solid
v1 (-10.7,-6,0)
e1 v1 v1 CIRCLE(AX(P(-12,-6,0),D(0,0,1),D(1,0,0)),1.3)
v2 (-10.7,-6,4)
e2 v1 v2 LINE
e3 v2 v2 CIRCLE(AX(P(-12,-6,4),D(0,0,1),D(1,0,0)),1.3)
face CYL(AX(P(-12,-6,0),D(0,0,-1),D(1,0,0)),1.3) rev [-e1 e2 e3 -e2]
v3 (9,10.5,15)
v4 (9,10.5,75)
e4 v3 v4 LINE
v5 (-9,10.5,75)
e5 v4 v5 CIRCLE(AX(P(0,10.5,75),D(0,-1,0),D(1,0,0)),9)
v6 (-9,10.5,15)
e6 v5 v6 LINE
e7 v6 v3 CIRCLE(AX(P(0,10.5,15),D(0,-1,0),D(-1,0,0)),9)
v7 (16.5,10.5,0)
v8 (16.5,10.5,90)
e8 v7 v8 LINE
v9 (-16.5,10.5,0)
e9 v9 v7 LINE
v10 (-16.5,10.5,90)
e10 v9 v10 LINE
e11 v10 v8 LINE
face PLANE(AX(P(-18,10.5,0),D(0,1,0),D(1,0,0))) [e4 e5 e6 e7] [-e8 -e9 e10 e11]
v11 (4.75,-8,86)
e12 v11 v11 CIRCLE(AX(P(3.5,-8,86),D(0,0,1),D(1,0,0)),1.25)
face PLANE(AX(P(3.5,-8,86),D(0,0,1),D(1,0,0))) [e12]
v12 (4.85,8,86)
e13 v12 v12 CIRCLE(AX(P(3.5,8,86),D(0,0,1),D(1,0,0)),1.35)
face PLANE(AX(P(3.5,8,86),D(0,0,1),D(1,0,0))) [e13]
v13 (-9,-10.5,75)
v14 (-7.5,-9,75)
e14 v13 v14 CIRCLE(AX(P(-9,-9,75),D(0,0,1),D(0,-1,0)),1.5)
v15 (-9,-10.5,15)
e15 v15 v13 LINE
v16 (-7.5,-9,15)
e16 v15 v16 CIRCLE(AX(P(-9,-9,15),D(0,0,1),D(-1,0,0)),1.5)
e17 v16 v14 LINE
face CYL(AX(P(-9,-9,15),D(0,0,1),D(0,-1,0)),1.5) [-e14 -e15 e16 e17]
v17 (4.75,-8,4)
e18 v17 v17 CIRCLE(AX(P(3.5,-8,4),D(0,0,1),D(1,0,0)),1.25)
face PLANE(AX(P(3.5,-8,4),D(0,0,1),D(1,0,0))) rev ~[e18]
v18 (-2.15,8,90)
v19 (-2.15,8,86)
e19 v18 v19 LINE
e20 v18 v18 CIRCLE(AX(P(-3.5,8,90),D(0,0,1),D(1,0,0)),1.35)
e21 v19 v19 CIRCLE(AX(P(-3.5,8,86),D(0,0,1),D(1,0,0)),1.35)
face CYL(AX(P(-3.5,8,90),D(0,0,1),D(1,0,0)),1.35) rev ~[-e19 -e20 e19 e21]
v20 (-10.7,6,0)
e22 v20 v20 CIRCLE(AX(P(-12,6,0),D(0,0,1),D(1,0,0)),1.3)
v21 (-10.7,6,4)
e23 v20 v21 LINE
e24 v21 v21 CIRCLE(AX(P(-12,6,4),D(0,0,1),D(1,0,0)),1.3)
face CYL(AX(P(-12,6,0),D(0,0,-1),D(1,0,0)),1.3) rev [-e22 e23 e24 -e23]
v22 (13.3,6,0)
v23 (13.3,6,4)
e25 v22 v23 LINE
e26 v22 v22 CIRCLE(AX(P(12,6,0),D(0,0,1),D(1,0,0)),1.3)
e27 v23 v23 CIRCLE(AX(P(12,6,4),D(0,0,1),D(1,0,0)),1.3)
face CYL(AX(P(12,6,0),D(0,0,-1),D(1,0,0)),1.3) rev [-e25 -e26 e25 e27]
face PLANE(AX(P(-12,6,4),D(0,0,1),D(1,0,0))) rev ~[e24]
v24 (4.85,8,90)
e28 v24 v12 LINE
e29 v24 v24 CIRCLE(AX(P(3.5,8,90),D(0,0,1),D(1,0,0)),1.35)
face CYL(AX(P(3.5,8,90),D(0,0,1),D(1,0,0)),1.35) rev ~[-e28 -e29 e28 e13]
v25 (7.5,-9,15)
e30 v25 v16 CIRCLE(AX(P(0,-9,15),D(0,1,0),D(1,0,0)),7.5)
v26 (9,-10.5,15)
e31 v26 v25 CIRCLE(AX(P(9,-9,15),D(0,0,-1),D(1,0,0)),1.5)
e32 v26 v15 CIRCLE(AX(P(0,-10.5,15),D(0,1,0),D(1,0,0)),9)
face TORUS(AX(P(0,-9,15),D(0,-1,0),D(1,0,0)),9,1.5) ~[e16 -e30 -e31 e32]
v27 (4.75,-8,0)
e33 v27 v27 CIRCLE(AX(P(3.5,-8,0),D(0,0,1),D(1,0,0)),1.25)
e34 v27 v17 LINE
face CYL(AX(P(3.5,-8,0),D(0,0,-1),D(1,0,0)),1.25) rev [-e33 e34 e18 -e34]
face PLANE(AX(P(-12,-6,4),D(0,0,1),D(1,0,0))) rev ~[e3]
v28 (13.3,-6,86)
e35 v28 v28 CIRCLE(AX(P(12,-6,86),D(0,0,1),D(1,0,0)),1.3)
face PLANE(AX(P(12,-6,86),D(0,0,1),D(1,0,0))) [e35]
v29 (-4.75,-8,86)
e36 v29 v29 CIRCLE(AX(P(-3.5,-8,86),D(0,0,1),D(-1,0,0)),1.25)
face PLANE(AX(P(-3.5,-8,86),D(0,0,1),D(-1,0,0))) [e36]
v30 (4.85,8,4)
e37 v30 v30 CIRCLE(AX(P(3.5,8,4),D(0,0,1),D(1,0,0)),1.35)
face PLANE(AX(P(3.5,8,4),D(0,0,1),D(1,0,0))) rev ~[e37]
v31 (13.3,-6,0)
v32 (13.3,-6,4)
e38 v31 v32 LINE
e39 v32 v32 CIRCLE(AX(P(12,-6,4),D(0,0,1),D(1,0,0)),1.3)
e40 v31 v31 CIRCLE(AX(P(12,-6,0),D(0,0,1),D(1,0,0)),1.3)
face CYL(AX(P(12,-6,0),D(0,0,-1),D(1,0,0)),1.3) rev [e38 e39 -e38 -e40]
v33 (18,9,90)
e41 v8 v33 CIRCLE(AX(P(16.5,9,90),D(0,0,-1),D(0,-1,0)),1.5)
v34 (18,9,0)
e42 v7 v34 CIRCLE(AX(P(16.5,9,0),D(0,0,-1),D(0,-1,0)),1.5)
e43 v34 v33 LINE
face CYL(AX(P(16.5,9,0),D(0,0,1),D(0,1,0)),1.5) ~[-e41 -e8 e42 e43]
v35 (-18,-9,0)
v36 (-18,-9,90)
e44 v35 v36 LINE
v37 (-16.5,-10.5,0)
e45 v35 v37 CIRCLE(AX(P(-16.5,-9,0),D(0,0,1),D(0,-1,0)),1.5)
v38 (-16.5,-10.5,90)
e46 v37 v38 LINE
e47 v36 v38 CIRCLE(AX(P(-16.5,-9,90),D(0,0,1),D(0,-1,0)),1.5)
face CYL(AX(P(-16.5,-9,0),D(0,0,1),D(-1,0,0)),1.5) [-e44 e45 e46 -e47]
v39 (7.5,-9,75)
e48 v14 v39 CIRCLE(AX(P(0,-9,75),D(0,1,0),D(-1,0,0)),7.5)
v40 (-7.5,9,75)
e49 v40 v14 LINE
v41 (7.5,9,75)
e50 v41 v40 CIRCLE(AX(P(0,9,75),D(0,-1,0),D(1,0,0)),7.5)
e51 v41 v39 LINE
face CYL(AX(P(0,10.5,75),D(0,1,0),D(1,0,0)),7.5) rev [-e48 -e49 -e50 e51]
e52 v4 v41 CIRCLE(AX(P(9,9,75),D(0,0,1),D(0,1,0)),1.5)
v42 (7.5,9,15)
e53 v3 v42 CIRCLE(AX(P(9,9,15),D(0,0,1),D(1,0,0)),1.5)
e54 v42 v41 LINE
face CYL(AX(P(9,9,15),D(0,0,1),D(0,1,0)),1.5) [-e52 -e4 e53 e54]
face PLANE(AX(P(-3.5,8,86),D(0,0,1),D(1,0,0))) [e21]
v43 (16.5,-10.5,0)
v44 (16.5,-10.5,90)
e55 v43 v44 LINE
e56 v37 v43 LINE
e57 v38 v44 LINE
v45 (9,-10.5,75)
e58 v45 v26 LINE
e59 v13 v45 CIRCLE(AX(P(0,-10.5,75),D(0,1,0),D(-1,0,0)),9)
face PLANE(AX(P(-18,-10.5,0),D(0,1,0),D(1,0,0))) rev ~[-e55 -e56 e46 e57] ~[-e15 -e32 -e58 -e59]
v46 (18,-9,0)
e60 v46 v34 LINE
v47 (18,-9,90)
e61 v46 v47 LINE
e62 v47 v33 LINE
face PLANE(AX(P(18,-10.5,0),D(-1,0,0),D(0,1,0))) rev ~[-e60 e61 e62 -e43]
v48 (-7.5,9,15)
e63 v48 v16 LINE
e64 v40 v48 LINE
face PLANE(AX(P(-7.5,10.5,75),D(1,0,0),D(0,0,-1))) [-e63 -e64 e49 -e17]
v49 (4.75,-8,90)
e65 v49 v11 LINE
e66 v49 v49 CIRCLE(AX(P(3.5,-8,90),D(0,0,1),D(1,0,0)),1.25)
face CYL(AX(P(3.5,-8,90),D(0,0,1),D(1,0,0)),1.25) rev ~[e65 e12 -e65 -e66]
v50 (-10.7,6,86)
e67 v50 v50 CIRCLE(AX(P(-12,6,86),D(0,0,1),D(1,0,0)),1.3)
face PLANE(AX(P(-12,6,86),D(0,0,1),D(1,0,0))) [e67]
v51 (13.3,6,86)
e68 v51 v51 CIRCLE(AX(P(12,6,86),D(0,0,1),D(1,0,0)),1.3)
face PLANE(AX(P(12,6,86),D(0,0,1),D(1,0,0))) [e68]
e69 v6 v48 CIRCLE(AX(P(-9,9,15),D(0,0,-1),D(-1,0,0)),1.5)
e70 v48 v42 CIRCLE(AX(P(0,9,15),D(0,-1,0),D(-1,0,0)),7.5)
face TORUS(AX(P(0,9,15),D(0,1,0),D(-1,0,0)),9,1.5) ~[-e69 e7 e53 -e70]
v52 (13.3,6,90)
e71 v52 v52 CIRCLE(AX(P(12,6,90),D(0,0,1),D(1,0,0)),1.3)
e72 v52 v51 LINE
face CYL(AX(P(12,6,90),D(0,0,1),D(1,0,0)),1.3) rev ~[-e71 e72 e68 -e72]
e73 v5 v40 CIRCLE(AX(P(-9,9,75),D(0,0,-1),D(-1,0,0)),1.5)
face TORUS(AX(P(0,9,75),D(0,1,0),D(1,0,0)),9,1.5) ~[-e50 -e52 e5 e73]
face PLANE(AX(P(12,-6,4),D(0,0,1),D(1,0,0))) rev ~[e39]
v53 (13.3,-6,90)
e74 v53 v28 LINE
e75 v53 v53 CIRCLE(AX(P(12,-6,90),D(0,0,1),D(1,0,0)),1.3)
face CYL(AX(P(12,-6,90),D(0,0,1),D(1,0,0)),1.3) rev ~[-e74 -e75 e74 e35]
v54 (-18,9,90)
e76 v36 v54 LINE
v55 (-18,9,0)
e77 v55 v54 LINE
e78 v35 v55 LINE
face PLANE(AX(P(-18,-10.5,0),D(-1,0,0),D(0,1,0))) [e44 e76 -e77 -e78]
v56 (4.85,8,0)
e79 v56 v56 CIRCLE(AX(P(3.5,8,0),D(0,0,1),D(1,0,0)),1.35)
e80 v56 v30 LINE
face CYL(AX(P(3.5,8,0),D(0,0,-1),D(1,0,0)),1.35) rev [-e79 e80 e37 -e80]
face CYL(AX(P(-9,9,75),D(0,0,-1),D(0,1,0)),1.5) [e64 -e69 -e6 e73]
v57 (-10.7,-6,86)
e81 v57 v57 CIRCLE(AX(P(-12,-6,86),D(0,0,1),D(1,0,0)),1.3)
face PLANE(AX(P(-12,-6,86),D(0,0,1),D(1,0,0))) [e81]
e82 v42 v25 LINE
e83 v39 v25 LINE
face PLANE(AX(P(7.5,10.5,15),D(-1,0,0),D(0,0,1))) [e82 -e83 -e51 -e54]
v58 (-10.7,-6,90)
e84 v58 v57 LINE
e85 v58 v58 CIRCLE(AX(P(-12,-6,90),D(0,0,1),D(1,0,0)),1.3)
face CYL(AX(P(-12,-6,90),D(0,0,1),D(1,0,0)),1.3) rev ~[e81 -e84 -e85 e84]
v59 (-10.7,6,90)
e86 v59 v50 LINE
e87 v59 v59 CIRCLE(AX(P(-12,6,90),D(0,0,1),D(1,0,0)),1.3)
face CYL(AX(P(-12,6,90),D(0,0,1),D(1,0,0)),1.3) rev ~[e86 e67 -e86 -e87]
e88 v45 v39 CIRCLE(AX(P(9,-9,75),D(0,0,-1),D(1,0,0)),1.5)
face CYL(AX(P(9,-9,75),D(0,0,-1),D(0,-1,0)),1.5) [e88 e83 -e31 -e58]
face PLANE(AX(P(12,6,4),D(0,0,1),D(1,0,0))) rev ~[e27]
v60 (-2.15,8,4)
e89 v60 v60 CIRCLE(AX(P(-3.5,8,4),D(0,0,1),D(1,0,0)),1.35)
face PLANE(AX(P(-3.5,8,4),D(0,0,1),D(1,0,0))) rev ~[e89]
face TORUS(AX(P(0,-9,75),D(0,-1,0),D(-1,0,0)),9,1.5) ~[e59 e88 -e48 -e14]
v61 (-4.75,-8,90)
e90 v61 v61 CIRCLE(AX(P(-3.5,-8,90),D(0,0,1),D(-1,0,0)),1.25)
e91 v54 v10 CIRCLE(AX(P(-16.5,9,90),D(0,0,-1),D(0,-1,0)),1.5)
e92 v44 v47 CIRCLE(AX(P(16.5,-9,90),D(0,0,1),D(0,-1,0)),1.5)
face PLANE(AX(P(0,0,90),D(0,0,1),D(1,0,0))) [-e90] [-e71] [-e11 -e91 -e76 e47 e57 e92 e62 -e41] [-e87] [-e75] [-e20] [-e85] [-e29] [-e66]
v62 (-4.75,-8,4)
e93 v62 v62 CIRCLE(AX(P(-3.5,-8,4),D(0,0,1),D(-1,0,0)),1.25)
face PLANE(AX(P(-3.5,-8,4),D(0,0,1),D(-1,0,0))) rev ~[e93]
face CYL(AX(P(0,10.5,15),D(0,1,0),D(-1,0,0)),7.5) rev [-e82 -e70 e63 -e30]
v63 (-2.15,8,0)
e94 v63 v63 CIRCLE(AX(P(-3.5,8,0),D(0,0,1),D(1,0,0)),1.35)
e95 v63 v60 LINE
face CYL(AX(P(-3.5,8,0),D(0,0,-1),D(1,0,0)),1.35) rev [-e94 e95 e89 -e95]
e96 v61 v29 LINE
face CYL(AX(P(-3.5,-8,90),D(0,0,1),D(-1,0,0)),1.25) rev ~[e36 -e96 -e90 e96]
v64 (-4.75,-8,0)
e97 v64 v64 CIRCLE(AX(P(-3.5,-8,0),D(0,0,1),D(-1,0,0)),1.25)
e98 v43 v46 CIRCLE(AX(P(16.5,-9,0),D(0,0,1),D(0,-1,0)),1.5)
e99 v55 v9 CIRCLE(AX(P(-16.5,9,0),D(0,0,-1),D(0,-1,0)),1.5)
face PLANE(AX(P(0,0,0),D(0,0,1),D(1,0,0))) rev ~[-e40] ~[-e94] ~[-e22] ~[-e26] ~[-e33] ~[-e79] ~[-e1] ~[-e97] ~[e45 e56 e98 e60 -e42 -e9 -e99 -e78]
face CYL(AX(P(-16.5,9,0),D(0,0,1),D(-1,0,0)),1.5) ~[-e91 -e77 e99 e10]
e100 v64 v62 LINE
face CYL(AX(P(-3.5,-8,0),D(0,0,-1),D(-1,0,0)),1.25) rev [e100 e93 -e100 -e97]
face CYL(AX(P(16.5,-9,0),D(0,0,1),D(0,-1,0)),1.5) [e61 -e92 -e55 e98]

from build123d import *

# Parameters (mm, degrees)
SKETCH_1_W          = 36
SKETCH_1_H          = 21
SKETCH_1_R          = 1.25
SKETCH_1_R_2        = 1.3
SKETCH_1_R_3        = 1.35
EXTRUDE_1_DEPTH     = 90
SKETCH_1_5_R        = 1.3
SKETCH_1_5_R_2      = 1.35
SKETCH_1_5_R_3      = 1.25
CUT_EXTRUDE_1_DEPTH = 4
CUT_EXTRUDE_START   = 90
SKETCH_1_6_R        = 1.35
SKETCH_1_6_R_2      = 1.3
SKETCH_1_6_R_3      = 1.25
CUT_EXTRUDE_2_DEPTH = 4
CUT_EXTRUDE_3_REACH = 96.154
FILLET_1_R          = 1.5


with BuildPart() as part:
    # 스케치1 → 보스-돌출1 (new body)
    with BuildSketch(Plane.XY):
        Rectangle(SKETCH_1_W, SKETCH_1_H)
        with Locations((-3.5, -8)):
            Circle(SKETCH_1_R, mode=Mode.SUBTRACT)
        with Locations((3.5, -8)):
            Circle(SKETCH_1_R, mode=Mode.SUBTRACT)
        with Locations((-12, 6)):
            Circle(SKETCH_1_R_2, mode=Mode.SUBTRACT)
        with Locations((12, 6)):
            Circle(SKETCH_1_R_2, mode=Mode.SUBTRACT)
        with Locations((12, -6)):
            Circle(SKETCH_1_R_2, mode=Mode.SUBTRACT)
        with Locations((-12, -6)):
            Circle(SKETCH_1_R_2, mode=Mode.SUBTRACT)
        with Locations((3.5, 8)):
            Circle(SKETCH_1_R_3, mode=Mode.SUBTRACT)
        with Locations((-3.5, 8)):
            Circle(SKETCH_1_R_3, mode=Mode.SUBTRACT)
        with Locations((12, -6)):
            Circle(SKETCH_1_R_2)
        with Locations((3.5, -8)):
            Circle(SKETCH_1_R)
        with Locations((-3.5, -8)):
            Circle(SKETCH_1_R)
        with Locations((-12, -6)):
            Circle(SKETCH_1_R_2)
        with Locations((-12, 6)):
            Circle(SKETCH_1_R_2)
        with Locations((-3.5, 8)):
            Circle(SKETCH_1_R_3)
        with Locations((3.5, 8)):
            Circle(SKETCH_1_R_3)
        with Locations((12, 6)):
            Circle(SKETCH_1_R_2)
    extrude(amount=EXTRUDE_1_DEPTH)

    # 스케치1<5> → 컷-돌출1 (cut)
    with BuildSketch(Plane.XY):
        with Locations((12, 6)):
            Circle(SKETCH_1_5_R)
        with Locations((3.5, 8)):
            Circle(SKETCH_1_5_R_2)
        with Locations((-3.5, 8)):
            Circle(SKETCH_1_5_R_2)
        with Locations((-12, 6)):
            Circle(SKETCH_1_5_R)
        with Locations((-12, -6)):
            Circle(SKETCH_1_5_R)
        with Locations(Location((-3.5, -8, 0), (0, 0, 180))):
            Circle(SKETCH_1_5_R_3)
        with Locations((3.5, -8)):
            Circle(SKETCH_1_5_R_3)
        with Locations((12, -6)):
            Circle(SKETCH_1_5_R)
    extrude(amount=CUT_EXTRUDE_1_DEPTH, mode=Mode.SUBTRACT)

    # 스케치1<6> → 컷-돌출2 (cut)
    with BuildSketch(Plane.XY.offset(CUT_EXTRUDE_START)):
        with Locations((3.5, 8)):
            Circle(SKETCH_1_6_R)
        with Locations((12, 6)):
            Circle(SKETCH_1_6_R_2)
        with Locations((-3.5, 8)):
            Circle(SKETCH_1_6_R)
        with Locations((-12, 6)):
            Circle(SKETCH_1_6_R_2)
        with Locations((-12, -6)):
            Circle(SKETCH_1_6_R_2)
        with Locations(Location((-3.5, -8, 0), (0, 0, 180))):
            Circle(SKETCH_1_6_R_3)
        with Locations((3.5, -8)):
            Circle(SKETCH_1_6_R_3)
        with Locations((12, -6)):
            Circle(SKETCH_1_6_R_2)
    extrude(amount=-CUT_EXTRUDE_2_DEPTH, mode=Mode.SUBTRACT)

    # 스케치2 → 컷-돌출3 (cut, up to next)
    with BuildSketch(Plane(origin=(0, 10.5, 0), x_dir=(1, 0, 0), z_dir=(0, 1, 0)), mode=Mode.PRIVATE) as cut_extrude_3_sk1:
        with BuildLine():
            Line((7.5, -15), (7.5, -75))
            ThreePointArc((7.5, -75), (0, -82.5), (-7.5, -75))
            Line((-7.5, -75), (-7.5, -15))
            ThreePointArc((-7.5, -15), (0, -7.5), (7.5, -15))
        make_face()
    cut_extrude_3_tool1 = extrude(cut_extrude_3_sk1.sketch, amount=-CUT_EXTRUDE_3_REACH, mode=Mode.PRIVATE) & part.part
    add(cut_extrude_3_tool1.solids().sort_by_distance((0, 10.5, 45))[0], mode=Mode.SUBTRACT)

    # 필렛1
    fillet_1_edges = [part.edges().sort_by_distance(p)[0] for p in [
        (0, -10.5, 7.5),
        (7.5, -10.5, 45),
        (0, -10.5, 82.5),
        (-7.5, -10.5, 45),
        (0, 10.5, 7.5),
        (-7.5, 10.5, 45),
        (0, 10.5, 82.5),
        (7.5, 10.5, 45),
        (-18, 10.5, 45),
        (18, 10.5, 45),
        (18, -10.5, 45),
        (-18, -10.5, 45),
    ]]
    fillet(fillet_1_edges, radius=FILLET_1_R)


solid = part.part
